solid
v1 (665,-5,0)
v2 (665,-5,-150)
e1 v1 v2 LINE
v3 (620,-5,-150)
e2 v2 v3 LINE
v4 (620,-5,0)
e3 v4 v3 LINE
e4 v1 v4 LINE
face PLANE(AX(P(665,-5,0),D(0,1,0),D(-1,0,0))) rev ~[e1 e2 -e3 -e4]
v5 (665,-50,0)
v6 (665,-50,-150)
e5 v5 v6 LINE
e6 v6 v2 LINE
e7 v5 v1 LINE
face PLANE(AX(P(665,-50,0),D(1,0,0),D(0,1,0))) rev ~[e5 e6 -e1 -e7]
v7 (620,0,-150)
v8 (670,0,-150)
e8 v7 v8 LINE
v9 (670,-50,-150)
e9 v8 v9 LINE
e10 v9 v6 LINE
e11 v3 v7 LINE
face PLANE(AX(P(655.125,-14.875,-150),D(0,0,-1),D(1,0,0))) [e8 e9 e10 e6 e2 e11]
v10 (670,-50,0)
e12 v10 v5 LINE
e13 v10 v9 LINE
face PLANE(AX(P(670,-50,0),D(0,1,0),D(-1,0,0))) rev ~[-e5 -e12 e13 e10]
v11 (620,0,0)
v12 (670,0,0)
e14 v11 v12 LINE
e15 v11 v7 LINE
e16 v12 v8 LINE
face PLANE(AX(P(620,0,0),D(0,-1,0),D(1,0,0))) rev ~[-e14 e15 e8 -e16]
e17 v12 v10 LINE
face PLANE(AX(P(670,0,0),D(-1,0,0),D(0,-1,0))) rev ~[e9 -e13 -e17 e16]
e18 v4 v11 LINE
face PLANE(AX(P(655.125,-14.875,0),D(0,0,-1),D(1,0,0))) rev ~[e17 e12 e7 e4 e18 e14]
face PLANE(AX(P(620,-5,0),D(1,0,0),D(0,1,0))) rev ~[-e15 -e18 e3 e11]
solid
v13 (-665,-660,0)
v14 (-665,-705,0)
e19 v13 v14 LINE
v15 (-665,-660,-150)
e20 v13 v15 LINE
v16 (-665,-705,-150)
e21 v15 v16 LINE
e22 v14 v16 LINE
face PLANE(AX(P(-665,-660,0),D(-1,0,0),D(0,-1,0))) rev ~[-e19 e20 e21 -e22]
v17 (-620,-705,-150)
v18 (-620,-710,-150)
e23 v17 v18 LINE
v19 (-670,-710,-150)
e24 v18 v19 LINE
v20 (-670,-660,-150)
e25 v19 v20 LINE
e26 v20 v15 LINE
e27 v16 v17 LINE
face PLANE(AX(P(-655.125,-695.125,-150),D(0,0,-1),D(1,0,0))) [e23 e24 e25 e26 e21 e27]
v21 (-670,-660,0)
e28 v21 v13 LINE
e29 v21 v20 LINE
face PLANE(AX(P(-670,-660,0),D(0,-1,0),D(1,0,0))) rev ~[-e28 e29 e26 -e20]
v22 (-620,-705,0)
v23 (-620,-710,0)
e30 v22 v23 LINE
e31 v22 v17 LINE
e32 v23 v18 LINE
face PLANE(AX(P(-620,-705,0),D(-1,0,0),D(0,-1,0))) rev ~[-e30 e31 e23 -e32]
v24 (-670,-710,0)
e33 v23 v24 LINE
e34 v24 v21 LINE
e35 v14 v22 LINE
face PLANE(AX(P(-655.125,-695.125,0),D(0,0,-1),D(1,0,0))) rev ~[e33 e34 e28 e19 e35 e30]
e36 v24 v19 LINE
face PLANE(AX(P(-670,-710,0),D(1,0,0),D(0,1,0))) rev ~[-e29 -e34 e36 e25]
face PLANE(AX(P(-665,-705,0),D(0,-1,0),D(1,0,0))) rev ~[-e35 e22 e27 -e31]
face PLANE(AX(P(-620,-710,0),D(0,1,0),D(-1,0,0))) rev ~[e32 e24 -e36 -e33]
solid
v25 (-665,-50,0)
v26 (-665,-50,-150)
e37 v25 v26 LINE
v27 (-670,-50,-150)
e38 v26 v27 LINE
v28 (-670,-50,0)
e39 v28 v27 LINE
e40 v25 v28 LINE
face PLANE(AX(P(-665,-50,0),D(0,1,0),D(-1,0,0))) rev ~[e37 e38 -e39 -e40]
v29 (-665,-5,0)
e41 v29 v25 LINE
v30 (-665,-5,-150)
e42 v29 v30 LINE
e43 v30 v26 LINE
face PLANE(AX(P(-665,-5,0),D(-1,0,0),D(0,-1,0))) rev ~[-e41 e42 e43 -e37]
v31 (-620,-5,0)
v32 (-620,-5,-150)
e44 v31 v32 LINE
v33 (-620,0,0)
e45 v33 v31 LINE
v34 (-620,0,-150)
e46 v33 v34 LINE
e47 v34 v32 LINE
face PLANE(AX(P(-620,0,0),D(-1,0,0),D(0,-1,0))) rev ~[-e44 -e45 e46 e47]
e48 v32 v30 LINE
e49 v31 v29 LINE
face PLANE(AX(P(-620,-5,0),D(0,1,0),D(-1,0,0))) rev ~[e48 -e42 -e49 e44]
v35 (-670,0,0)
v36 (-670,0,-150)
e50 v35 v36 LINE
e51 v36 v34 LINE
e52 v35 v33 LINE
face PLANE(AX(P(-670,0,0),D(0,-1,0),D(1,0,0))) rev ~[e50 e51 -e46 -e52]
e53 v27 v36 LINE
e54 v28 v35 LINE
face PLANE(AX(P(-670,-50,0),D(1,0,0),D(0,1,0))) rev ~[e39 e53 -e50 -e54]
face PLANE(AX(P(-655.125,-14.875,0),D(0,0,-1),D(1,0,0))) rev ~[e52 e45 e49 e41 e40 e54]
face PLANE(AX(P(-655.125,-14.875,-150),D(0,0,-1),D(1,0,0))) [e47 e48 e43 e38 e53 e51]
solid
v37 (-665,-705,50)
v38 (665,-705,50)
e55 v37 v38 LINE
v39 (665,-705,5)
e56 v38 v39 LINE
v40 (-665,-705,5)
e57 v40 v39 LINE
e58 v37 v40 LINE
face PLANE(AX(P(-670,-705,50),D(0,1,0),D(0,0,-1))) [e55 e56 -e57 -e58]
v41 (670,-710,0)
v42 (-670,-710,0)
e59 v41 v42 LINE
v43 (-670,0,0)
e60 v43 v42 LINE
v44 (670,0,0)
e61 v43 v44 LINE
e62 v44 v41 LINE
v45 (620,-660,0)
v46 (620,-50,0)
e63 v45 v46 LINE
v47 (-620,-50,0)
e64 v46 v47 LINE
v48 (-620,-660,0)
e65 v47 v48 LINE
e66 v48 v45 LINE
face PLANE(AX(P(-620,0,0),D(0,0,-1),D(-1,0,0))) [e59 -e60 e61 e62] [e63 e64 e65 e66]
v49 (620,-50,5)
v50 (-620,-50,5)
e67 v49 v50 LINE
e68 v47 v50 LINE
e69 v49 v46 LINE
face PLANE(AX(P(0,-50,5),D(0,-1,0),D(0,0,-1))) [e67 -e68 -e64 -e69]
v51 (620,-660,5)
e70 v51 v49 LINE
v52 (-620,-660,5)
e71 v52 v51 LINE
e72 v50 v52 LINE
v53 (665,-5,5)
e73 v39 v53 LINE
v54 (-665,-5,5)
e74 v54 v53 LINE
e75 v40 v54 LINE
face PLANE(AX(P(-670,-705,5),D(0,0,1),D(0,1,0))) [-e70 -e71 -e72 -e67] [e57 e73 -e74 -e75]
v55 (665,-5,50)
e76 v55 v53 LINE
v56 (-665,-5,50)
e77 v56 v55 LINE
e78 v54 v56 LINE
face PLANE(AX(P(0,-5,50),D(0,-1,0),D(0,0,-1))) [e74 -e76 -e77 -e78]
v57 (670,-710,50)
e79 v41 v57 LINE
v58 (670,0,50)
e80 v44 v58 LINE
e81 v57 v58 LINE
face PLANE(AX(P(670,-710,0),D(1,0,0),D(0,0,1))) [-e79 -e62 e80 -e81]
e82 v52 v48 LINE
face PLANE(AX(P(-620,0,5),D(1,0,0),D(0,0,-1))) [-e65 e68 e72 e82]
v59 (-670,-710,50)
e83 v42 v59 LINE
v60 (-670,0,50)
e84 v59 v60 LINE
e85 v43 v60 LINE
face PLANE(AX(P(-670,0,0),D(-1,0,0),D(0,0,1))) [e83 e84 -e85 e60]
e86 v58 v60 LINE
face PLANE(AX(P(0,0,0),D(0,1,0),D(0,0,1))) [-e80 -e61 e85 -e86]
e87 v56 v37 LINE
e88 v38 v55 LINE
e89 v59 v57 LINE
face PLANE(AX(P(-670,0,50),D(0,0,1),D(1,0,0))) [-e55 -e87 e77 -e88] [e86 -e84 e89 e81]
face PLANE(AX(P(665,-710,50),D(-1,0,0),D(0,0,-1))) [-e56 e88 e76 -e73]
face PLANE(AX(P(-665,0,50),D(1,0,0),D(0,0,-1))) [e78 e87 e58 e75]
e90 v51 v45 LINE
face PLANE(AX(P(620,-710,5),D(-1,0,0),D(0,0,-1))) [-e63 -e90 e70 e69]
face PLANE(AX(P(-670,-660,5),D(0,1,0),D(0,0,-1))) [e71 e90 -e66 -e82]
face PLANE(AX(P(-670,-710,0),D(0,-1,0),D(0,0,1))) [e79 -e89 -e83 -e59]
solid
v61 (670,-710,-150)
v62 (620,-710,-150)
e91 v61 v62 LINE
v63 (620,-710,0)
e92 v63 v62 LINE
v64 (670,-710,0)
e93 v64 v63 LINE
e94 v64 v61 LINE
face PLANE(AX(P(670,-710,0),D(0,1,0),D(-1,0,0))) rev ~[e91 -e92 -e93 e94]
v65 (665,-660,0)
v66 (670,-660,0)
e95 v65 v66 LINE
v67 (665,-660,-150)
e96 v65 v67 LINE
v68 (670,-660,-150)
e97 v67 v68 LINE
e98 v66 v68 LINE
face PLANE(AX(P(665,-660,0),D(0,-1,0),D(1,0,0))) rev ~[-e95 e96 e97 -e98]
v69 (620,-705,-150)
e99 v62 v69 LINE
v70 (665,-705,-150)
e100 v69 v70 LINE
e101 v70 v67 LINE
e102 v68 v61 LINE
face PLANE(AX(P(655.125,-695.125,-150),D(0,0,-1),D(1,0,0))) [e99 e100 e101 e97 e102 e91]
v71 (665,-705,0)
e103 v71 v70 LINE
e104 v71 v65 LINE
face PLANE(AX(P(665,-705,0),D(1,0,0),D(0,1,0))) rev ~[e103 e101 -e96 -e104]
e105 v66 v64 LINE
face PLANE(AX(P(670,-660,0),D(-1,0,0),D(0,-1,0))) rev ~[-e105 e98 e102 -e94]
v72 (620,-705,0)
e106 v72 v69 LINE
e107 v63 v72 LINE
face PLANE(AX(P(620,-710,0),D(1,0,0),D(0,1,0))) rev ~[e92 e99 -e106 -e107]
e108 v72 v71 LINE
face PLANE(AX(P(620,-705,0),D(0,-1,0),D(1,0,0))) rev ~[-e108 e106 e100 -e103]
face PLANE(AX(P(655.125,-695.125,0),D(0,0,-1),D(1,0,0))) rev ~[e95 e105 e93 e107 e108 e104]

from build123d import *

# Parameters (mm, degrees)
F1_DEPTH = 670
F3_DEPTH = 710
F5_DEPTH = 1340
F7_DEPTH = 710
F9_DEPTH = 150


with BuildPart() as f1:
    # F0 (on Right) → F1 (new body, symmetric)
    with BuildSketch(Plane.YZ):
        Polygon((-5, 0), (0, 0), (0, 5), (0, 50), (-5, 50), (-5, 5), (-50, 5), (-50, 0), align=None)
    extrude(amount=F1_DEPTH, both=True)

    # F2 (on face) → F3 (join)
    with BuildSketch(Plane.XZ.offset(710)):
        Polygon((620, 0), (670, 0), (670, 50), (665, 50), (665, 5), (620, 5), align=None)
    extrude(amount=-F3_DEPTH)

    # F4 (on face) → F5 (join)
    with BuildSketch(Plane(origin=(-670, 0, 0), x_dir=(0, -1, 0), z_dir=(-1, 0, 0))):
        Polygon((710, 0), (710, 50), (705, 50), (705, 5), (660, 5), (660, 0), align=None)
    extrude(amount=-F5_DEPTH)

    # F6 (on face) → F7 (join)
    with BuildSketch(Plane(origin=(0, 0, 0), x_dir=(-1, 0, 0), z_dir=(0, 1, 0))):
        Polygon((670, 0), (670, 50), (665, 50), (665, 5), (620, 5), (620, 0), align=None)
    extrude(amount=-F7_DEPTH)


with BuildPart() as f9:
    # F8 (on face) → F9 (new body)
    with BuildSketch(Plane(origin=(0, 0, 0), x_dir=(1, 0, 0), z_dir=(0, 0, -1))):
        Polygon((-670, 50), (-670, 0), (-620, 0), (-620, 5), (-665, 5), (-665, 50), align=None)
        Polygon((-620, 710), (-670, 710), (-670, 660), (-665, 660), (-665, 705), (-620, 705), align=None)
        Polygon((620, 5), (620, 0), (670, 0), (670, 50), (665, 50), (665, 5), align=None)
        Polygon((620, 710), (620, 705), (665, 705), (665, 660), (670, 660), (670, 710), align=None)
    extrude(amount=F9_DEPTH)


solid = Compound([f1.part, f9.part])
